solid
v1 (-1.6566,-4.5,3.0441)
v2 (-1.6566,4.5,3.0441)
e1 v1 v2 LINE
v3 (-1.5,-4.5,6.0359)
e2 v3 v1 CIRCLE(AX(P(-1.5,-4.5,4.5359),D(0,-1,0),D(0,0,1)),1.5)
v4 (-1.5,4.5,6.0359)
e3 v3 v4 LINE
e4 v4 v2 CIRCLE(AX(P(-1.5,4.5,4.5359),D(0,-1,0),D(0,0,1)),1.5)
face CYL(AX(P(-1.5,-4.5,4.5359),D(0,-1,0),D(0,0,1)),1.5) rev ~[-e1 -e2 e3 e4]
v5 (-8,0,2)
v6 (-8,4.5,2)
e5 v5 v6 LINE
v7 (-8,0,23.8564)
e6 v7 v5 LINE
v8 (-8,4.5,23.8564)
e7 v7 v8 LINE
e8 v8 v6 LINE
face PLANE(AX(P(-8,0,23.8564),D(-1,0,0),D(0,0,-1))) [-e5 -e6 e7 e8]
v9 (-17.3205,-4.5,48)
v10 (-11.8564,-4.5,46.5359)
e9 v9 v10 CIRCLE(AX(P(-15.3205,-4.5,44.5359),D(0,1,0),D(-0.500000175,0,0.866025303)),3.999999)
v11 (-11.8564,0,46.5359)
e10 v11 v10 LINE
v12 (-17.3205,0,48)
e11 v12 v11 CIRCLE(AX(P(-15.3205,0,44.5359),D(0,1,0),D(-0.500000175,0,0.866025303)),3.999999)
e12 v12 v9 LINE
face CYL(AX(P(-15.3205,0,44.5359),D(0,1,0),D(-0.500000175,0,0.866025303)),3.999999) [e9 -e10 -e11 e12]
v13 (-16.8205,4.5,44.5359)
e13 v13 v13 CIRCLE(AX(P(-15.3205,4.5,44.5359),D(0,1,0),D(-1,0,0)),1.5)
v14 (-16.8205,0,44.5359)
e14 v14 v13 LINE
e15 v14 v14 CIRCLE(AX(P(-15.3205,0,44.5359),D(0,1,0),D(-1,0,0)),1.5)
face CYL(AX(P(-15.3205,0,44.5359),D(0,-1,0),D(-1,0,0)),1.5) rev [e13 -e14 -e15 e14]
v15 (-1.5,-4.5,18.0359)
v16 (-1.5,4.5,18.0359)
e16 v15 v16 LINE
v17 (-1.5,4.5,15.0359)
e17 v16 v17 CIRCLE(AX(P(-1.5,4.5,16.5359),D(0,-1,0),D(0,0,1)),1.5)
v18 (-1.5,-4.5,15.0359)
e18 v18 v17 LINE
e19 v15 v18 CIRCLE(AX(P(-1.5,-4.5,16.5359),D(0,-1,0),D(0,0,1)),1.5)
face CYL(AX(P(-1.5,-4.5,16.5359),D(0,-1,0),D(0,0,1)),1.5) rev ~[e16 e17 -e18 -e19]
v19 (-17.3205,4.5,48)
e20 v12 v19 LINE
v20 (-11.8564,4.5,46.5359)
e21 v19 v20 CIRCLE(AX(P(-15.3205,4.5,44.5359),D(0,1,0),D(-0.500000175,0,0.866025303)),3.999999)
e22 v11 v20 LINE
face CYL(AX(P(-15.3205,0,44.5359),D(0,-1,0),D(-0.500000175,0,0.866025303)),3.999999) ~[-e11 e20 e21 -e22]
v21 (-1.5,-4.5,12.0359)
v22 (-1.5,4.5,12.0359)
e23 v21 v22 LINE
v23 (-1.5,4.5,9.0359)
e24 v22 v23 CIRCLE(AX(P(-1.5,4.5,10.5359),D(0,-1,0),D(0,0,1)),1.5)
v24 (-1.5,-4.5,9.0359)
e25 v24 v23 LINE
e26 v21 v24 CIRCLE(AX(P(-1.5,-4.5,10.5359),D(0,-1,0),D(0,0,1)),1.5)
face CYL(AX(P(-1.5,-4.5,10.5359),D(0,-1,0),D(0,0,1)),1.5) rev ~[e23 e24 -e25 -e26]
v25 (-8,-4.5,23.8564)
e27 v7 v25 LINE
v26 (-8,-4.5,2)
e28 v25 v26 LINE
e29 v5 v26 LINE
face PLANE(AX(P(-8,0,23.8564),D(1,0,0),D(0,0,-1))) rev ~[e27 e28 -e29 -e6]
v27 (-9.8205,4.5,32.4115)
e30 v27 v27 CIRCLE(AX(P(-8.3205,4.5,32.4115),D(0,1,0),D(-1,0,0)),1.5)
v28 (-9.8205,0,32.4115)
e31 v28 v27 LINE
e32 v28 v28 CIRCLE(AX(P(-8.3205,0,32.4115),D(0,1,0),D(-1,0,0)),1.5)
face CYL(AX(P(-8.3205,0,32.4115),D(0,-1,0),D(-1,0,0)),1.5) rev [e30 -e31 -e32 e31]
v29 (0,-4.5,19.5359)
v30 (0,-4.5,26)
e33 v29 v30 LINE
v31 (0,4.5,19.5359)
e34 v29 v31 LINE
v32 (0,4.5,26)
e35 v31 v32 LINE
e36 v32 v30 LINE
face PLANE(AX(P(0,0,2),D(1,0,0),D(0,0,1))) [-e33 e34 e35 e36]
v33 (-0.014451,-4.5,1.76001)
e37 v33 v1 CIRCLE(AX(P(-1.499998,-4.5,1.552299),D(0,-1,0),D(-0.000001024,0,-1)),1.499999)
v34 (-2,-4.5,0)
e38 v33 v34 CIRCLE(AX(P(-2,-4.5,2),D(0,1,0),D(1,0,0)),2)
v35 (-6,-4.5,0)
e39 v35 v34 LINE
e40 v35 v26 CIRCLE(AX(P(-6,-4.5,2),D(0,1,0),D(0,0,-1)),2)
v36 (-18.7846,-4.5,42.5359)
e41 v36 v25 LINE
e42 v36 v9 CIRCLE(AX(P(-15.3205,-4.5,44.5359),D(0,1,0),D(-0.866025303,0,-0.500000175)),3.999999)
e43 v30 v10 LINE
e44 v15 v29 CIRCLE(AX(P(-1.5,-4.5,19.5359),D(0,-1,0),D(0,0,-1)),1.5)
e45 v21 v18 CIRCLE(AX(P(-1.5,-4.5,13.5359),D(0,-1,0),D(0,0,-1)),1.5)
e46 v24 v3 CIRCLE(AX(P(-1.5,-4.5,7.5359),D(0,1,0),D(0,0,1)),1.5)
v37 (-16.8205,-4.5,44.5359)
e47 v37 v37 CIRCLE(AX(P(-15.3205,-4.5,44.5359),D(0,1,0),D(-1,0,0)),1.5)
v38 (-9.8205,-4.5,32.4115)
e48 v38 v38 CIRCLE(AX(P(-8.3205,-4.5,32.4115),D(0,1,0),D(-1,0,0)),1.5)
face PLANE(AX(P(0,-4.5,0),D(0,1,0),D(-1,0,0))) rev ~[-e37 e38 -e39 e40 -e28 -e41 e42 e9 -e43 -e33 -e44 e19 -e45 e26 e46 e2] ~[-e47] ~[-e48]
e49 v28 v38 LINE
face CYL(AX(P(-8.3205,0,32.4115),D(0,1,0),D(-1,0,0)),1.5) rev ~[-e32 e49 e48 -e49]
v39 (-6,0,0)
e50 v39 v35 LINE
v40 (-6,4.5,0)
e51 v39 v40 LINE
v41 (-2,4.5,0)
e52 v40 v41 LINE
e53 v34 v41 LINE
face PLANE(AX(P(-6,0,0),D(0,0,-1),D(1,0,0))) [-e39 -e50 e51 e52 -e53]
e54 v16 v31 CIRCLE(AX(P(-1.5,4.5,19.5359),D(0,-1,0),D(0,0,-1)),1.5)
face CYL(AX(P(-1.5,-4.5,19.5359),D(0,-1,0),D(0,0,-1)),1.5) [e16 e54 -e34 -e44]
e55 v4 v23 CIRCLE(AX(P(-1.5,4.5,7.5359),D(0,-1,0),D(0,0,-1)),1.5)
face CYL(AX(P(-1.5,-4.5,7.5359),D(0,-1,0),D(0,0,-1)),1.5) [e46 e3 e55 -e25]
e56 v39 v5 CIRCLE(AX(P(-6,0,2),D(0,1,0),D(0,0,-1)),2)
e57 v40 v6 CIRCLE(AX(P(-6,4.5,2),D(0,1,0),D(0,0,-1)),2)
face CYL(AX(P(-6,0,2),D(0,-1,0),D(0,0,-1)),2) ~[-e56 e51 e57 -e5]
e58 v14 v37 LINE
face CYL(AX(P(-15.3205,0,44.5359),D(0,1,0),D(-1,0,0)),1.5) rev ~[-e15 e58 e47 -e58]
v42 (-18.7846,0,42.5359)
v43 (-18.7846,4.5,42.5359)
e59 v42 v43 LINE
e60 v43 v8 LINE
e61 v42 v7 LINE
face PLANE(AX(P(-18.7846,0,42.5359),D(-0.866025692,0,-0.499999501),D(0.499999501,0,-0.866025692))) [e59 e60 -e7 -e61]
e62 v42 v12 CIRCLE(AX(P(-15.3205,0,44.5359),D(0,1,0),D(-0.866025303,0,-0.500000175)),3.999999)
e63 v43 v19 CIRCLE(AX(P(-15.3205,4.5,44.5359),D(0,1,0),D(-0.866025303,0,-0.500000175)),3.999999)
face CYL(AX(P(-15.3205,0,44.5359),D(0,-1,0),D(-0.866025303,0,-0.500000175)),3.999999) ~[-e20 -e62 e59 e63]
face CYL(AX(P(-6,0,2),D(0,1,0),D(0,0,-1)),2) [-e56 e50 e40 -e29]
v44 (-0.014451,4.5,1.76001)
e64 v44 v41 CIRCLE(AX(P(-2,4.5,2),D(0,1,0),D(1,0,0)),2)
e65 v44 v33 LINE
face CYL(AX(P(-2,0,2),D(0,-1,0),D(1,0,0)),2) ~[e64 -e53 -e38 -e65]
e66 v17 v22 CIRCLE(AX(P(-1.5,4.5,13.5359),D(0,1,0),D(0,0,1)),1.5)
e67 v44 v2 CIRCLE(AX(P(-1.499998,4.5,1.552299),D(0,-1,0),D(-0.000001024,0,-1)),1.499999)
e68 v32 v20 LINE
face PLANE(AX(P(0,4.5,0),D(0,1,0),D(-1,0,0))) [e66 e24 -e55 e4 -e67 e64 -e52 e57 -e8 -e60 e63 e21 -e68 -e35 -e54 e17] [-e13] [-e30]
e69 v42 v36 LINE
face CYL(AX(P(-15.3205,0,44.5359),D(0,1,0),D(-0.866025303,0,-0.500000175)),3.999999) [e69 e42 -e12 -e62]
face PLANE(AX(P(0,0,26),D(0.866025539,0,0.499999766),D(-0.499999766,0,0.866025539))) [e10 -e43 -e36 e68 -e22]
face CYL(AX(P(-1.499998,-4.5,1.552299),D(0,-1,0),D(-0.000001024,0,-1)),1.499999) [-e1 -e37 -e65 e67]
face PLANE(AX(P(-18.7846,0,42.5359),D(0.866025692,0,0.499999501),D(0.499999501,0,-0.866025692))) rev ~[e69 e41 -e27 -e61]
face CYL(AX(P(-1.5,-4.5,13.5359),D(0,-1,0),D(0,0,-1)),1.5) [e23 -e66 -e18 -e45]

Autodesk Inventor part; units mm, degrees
ref_plane "YZ Plane" through (0, 0, 0) normal (1, 0, 0) x (0, 1, 0)
ref_plane "XZ Plane" through (0, 0, 0) normal (0, 1, 0) x (-1, 0, 0)
ref_plane "XY Plane" through (0, 0, 0) normal (0, 0, 1) x (1, 0, 0)
sketch "Boceto1" plane through (0, 0, 0) normal (0, 1, 0) x (-1, 0, 0)
  line L0 (0, 2) -> (0, 26)
  line L1 (0, 26) -> (11.8564, 46.5359)
  line L2 (17.3205, 48) -> (17.3205, 48)
  line L3 (18.7846, 42.5359) -> (8, 23.8564)
  line L4 (8, 23.8564) -> (8, 2)
  line L5 (6, 0) -> (2, 0)
  arc A0 (81.7987, 0) -> (84.2987, 9.3301) centre (81.7987, 5) ccw
  arc A1 (18.7846, 42.5359) -> (17.3205, 48) centre (15.3205, 44.5359) ccw
  arc A2 (17.3205, 48) -> (11.8564, 46.5359) centre (15.3205, 44.5359) ccw
  arc A3 (6, 0) -> (8, 2) centre (6, 2) ccw
  arc A4 (0, 2) -> (2, 0) centre (2, 2) ccw
  circle A5 centre (15.3205, 44.5359) radius 1.5
  line L6 (15.3205, 44.5359) -> (4.5694, 25.9145) construction
  circle A6 centre (8.3205, 32.4115) radius 1.5
  point P0 (0, 0)
  point P1 (13.8564, 50)
  point P2 (8, 0)
  point P3 (20.7846, 46)
  point P4 (4, 0)
  dimension "d0" = 90
  dimension "d2" = 26
  dimension "d7" = 8
  dimension "d10" = 150
  dimension "d11" = 8
  dimension "d12" = 5
  dimension "d13" = 4
  dimension "d14" = 4
  dimension "d15" = 2
  dimension "d16" = 3
  dimension "d17" = 3
  dimension "d18" = 14
  dimension "d19" = 48
extrude "Extrusión1" add sketch "Boceto1" along normal mid plane 9
sketch "Boceto2" plane through (0, -4.5, 0) normal (0, -1, 0) x (1, 0, 0)
  arc A0 (-1.5, 18.0359) -> (-1.5, 21.0359) centre (-1.5, 19.5359) ccw
  arc A1 (-1.5, 18.0359) -> (-1.5, 15.0359) centre (-1.5, 16.5359) ccw
  arc A2 (-1.5, 12.0359) -> (-1.5, 15.0359) centre (-1.5, 13.5359) ccw
  arc A3 (-2, 0) -> (0, 2) centre (-2, 2) ccw construction
  arc A4 (-1.5, 12.0359) -> (-1.5, 9.0359) centre (-1.5, 10.5359) ccw
  arc A5 (-1.5, 6.0359) -> (-1.5, 9.0359) centre (-1.5, 7.5359) ccw
  arc A6 (-1.5, 6.0359) -> (-1.5, 3.0359) centre (-1.5, 4.5359) ccw
  arc A7 (-1.5, 0.0523) -> (-1.6566, 3.0441) centre (-1.5, 1.5523) ccw
  line L0 (-1.5, 31) -> (-1.5, -6.4684) construction
  line L1 (0, 26) -> (0, 2) construction
  line L2 (0, 1.5523) -> (0, 19.5359)
  point P0 (0, 0)
  point P1 (0, 7.5359)
  point P2 (0, 13.5359)
  dimension "d24" = 3
  dimension "d25" = 3
  dimension "d26" = 3
  dimension "d27" = 3
  dimension "d28" = 3
  dimension "d29" = 3
  dimension "d30" = 3
  dimension "d31" = 1.5
extrude "Extrusión2" cut sketch "Boceto2" against normal blind 9
equation "\"Radio_pliegue\" = Grosor"
equation "\"Anchura_desahogo_plegado\" = Grosor"
equation "\"Profundidad_desahogo_plegado\" = 0.5 * Grosor"
equation "\"Tamaño_destalonado\" = 4 * Grosor"
equation "\"Remanente_mínimo\" = 2 * Grosor"
equation "\"Radiodetransición\" = Radio_pliegue"
equation "\"Tamaño_de_radio_de_Jacobi\" = Radio_pliegue"
equation "\"TamañoSeparación\" = Grosor"
equation "\"Grosor\" = 0.5"
properties part number "Pinza_pieza3"
